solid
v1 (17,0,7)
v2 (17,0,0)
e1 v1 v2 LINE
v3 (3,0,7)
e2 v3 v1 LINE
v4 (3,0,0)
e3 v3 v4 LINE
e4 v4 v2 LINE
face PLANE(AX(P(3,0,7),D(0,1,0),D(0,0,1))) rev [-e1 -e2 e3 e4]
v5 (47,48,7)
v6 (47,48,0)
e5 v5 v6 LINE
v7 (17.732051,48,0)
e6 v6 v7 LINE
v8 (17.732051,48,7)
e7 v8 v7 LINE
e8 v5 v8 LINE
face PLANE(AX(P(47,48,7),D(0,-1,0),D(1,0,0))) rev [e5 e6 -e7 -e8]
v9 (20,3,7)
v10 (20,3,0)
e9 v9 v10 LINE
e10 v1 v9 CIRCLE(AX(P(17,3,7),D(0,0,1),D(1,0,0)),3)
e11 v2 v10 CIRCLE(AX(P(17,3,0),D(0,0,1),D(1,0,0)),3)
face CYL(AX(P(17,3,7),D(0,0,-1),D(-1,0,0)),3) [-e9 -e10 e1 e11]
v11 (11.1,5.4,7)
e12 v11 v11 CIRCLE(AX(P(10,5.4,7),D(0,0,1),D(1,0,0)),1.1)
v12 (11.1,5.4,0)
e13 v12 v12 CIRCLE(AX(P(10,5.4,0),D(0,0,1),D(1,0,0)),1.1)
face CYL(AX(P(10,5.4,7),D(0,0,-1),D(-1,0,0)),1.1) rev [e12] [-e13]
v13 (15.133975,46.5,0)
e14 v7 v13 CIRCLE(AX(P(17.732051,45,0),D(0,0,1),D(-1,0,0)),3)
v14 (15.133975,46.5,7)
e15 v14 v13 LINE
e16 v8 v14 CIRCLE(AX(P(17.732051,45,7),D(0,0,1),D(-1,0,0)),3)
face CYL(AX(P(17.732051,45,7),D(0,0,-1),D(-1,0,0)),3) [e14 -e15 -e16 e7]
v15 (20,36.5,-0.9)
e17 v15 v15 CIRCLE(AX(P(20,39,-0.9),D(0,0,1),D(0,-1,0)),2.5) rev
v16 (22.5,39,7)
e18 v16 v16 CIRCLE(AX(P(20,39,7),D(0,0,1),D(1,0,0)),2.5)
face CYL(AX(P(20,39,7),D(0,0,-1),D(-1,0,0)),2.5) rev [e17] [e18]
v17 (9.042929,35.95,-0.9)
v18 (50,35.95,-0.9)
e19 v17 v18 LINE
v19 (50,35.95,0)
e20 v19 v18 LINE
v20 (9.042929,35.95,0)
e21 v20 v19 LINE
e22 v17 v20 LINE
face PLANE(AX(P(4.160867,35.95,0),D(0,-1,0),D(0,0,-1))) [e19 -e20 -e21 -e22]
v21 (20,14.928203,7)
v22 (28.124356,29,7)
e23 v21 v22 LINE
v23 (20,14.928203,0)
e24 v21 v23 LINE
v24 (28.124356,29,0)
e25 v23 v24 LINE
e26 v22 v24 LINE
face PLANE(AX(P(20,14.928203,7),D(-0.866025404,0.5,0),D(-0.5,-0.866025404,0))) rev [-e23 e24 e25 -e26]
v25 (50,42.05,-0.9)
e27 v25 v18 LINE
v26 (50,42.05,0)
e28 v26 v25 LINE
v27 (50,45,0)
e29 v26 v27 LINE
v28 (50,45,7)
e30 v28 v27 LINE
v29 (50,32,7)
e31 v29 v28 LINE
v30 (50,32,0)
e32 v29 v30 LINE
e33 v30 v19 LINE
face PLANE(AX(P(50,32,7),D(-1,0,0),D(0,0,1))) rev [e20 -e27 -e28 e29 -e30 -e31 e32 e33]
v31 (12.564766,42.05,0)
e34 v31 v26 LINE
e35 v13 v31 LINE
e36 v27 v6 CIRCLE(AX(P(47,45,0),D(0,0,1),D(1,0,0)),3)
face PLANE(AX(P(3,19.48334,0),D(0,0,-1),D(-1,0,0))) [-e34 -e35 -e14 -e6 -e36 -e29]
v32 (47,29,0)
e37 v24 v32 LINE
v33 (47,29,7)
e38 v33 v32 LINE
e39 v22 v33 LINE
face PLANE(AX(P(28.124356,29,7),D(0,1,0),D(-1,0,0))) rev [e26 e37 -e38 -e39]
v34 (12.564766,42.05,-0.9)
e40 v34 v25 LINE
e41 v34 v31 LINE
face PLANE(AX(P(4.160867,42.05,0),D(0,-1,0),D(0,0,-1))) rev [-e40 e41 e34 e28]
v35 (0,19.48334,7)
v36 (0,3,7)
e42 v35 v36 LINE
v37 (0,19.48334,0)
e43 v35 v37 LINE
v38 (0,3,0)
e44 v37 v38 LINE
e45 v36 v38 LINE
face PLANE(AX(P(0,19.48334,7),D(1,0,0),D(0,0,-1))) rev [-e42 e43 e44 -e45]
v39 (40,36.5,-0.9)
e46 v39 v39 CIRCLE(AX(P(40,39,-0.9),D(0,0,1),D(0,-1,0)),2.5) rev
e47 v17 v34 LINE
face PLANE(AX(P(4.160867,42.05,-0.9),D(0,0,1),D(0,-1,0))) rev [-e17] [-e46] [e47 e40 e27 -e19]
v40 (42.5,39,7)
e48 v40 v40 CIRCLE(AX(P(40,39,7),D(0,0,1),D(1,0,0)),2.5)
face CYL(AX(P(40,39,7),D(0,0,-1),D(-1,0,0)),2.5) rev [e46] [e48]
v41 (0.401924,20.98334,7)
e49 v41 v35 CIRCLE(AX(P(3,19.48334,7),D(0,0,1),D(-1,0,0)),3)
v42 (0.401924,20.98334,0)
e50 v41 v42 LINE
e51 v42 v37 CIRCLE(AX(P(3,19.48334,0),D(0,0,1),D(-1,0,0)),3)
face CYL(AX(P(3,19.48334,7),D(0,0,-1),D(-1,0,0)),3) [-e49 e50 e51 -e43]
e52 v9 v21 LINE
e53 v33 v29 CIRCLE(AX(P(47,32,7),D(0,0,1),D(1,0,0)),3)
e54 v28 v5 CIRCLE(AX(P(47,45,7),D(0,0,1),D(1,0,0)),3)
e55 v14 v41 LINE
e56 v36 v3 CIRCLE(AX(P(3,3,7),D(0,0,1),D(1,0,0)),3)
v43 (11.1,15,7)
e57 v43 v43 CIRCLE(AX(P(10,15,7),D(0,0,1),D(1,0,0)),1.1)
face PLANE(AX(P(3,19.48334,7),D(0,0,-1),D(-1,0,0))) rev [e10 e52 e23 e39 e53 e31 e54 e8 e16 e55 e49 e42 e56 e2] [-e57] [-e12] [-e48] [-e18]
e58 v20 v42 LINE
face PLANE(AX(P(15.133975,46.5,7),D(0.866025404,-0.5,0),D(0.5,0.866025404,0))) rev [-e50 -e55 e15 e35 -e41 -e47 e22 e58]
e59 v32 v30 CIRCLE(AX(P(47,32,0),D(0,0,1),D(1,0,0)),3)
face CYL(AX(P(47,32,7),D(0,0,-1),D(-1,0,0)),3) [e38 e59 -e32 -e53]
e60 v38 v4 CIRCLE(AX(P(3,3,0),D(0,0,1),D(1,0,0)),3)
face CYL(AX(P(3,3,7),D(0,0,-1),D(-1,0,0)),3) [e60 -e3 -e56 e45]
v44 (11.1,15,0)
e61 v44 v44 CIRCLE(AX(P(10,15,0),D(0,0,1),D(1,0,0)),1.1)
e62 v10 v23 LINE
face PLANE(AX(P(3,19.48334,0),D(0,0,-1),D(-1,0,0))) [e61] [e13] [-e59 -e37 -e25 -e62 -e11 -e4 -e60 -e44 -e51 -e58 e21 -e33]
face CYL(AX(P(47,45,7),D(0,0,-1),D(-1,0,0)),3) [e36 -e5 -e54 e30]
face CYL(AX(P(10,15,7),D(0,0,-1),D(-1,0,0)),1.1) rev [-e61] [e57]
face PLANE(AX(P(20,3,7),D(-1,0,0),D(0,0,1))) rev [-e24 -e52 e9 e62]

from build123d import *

# Parameters (mm, degrees)
SKETCH1_R           = 2.5
SKETCH1_R_2         = 1.1
BOSS_EXTRUDE1_DEPTH = 7
BOSS_EXTRUDE2_REACH = 52
SKETCH2_W           = 0.9
SKETCH2_H           = 6.1
CUT_EXTRUDE1_REACH  = 2.9
SKETCH3_R           = 2.5


with BuildPart() as part:
    # Sketch1 → Boss-Extrude1 (new body)
    with BuildSketch(Plane.XY):
        with BuildLine():
            Line((3, 0), (17, 0))
            ThreePointArc((17, 0), (19.121320344, 0.878679656), (20, 3))
            Line((20, 3), (20, 14.92820323))
            Line((20, 14.92820323), (28.124355653, 29))
            Line((28.124355653, 29), (47, 29))
            ThreePointArc((47, 29), (49.121320344, 29.878679656), (50, 32))
            Line((50, 32), (50, 45))
            ThreePointArc((50, 45), (49.121320344, 47.121320344), (47, 48))
            Line((47, 48), (17.732050808, 48))
            ThreePointArc((17.732050808, 48), (16.232050808, 47.598076211), (15.133974596, 46.5))
            Line((15.133974596, 46.5), (0.401923789, 20.983339502))
            ThreePointArc((0.401923789, 20.983339502), (0.102222521, 20.259796637), (0, 19.483339502))
            Line((0, 19.483339502), (0, 3))
            ThreePointArc((0, 3), (0.878679656, 0.878679656), (3, 0))
        make_face()
        with Locations((20, 39)):
            Circle(SKETCH1_R, mode=Mode.SUBTRACT)
        with Locations((40, 39)):
            Circle(SKETCH1_R, mode=Mode.SUBTRACT)
        with Locations((10, 5.4)):
            Circle(SKETCH1_R_2, mode=Mode.SUBTRACT)
        with Locations((10, 15)):
            Circle(SKETCH1_R_2, mode=Mode.SUBTRACT)
    extrude(amount=BOSS_EXTRUDE1_DEPTH)

    # Boss-Extrude2: up to this face of the body (flat: up to its plane)
    boss_extrude2_end = Plane(part.part.faces().sort_by_distance((7.767949192, 33.741669751, 3.5))[0])
    # Sketch2 → Boss-Extrude2 (add, up to the picked face)
    with BuildSketch(Plane(origin=(50, 0, 0), x_dir=(0, 0, -1), z_dir=(1, 0, 0)), mode=Mode.PRIVATE) as boss_extrude2_sk1:
        with Locations((0.45, 39)):
            Rectangle(SKETCH2_W, SKETCH2_H)
    boss_extrude2_tool1 = split(extrude(boss_extrude2_sk1.sketch, amount=-BOSS_EXTRUDE2_REACH, mode=Mode.PRIVATE), bisect_by=boss_extrude2_end, keep=Keep.BOTH, mode=Mode.PRIVATE)
    add(boss_extrude2_tool1.solids().sort_by_distance((50, 39, -0.45))[0])

    # Sketch3 → Cut-Extrude1 (cut, up to next)
    with BuildSketch(Plane.XY, mode=Mode.PRIVATE) as cut_extrude1_sk1:
        with Locations((20, 39)):
            Circle(SKETCH3_R)
    cut_extrude1_tool1 = extrude(cut_extrude1_sk1.sketch, amount=-CUT_EXTRUDE1_REACH, mode=Mode.PRIVATE) & part.part
    add(cut_extrude1_tool1.solids().sort_by_distance((20, 39, 0))[0], mode=Mode.SUBTRACT)
    # Sketch3 → Cut-Extrude1 (cut, up to next)
    with BuildSketch(Plane.XY, mode=Mode.PRIVATE) as cut_extrude1_sk2:
        with Locations((40, 39)):
            Circle(SKETCH3_R)
    cut_extrude1_tool2 = extrude(cut_extrude1_sk2.sketch, amount=-CUT_EXTRUDE1_REACH, mode=Mode.PRIVATE) & part.part
    add(cut_extrude1_tool2.solids().sort_by_distance((40, 39, 0))[0], mode=Mode.SUBTRACT)


solid = part.part
